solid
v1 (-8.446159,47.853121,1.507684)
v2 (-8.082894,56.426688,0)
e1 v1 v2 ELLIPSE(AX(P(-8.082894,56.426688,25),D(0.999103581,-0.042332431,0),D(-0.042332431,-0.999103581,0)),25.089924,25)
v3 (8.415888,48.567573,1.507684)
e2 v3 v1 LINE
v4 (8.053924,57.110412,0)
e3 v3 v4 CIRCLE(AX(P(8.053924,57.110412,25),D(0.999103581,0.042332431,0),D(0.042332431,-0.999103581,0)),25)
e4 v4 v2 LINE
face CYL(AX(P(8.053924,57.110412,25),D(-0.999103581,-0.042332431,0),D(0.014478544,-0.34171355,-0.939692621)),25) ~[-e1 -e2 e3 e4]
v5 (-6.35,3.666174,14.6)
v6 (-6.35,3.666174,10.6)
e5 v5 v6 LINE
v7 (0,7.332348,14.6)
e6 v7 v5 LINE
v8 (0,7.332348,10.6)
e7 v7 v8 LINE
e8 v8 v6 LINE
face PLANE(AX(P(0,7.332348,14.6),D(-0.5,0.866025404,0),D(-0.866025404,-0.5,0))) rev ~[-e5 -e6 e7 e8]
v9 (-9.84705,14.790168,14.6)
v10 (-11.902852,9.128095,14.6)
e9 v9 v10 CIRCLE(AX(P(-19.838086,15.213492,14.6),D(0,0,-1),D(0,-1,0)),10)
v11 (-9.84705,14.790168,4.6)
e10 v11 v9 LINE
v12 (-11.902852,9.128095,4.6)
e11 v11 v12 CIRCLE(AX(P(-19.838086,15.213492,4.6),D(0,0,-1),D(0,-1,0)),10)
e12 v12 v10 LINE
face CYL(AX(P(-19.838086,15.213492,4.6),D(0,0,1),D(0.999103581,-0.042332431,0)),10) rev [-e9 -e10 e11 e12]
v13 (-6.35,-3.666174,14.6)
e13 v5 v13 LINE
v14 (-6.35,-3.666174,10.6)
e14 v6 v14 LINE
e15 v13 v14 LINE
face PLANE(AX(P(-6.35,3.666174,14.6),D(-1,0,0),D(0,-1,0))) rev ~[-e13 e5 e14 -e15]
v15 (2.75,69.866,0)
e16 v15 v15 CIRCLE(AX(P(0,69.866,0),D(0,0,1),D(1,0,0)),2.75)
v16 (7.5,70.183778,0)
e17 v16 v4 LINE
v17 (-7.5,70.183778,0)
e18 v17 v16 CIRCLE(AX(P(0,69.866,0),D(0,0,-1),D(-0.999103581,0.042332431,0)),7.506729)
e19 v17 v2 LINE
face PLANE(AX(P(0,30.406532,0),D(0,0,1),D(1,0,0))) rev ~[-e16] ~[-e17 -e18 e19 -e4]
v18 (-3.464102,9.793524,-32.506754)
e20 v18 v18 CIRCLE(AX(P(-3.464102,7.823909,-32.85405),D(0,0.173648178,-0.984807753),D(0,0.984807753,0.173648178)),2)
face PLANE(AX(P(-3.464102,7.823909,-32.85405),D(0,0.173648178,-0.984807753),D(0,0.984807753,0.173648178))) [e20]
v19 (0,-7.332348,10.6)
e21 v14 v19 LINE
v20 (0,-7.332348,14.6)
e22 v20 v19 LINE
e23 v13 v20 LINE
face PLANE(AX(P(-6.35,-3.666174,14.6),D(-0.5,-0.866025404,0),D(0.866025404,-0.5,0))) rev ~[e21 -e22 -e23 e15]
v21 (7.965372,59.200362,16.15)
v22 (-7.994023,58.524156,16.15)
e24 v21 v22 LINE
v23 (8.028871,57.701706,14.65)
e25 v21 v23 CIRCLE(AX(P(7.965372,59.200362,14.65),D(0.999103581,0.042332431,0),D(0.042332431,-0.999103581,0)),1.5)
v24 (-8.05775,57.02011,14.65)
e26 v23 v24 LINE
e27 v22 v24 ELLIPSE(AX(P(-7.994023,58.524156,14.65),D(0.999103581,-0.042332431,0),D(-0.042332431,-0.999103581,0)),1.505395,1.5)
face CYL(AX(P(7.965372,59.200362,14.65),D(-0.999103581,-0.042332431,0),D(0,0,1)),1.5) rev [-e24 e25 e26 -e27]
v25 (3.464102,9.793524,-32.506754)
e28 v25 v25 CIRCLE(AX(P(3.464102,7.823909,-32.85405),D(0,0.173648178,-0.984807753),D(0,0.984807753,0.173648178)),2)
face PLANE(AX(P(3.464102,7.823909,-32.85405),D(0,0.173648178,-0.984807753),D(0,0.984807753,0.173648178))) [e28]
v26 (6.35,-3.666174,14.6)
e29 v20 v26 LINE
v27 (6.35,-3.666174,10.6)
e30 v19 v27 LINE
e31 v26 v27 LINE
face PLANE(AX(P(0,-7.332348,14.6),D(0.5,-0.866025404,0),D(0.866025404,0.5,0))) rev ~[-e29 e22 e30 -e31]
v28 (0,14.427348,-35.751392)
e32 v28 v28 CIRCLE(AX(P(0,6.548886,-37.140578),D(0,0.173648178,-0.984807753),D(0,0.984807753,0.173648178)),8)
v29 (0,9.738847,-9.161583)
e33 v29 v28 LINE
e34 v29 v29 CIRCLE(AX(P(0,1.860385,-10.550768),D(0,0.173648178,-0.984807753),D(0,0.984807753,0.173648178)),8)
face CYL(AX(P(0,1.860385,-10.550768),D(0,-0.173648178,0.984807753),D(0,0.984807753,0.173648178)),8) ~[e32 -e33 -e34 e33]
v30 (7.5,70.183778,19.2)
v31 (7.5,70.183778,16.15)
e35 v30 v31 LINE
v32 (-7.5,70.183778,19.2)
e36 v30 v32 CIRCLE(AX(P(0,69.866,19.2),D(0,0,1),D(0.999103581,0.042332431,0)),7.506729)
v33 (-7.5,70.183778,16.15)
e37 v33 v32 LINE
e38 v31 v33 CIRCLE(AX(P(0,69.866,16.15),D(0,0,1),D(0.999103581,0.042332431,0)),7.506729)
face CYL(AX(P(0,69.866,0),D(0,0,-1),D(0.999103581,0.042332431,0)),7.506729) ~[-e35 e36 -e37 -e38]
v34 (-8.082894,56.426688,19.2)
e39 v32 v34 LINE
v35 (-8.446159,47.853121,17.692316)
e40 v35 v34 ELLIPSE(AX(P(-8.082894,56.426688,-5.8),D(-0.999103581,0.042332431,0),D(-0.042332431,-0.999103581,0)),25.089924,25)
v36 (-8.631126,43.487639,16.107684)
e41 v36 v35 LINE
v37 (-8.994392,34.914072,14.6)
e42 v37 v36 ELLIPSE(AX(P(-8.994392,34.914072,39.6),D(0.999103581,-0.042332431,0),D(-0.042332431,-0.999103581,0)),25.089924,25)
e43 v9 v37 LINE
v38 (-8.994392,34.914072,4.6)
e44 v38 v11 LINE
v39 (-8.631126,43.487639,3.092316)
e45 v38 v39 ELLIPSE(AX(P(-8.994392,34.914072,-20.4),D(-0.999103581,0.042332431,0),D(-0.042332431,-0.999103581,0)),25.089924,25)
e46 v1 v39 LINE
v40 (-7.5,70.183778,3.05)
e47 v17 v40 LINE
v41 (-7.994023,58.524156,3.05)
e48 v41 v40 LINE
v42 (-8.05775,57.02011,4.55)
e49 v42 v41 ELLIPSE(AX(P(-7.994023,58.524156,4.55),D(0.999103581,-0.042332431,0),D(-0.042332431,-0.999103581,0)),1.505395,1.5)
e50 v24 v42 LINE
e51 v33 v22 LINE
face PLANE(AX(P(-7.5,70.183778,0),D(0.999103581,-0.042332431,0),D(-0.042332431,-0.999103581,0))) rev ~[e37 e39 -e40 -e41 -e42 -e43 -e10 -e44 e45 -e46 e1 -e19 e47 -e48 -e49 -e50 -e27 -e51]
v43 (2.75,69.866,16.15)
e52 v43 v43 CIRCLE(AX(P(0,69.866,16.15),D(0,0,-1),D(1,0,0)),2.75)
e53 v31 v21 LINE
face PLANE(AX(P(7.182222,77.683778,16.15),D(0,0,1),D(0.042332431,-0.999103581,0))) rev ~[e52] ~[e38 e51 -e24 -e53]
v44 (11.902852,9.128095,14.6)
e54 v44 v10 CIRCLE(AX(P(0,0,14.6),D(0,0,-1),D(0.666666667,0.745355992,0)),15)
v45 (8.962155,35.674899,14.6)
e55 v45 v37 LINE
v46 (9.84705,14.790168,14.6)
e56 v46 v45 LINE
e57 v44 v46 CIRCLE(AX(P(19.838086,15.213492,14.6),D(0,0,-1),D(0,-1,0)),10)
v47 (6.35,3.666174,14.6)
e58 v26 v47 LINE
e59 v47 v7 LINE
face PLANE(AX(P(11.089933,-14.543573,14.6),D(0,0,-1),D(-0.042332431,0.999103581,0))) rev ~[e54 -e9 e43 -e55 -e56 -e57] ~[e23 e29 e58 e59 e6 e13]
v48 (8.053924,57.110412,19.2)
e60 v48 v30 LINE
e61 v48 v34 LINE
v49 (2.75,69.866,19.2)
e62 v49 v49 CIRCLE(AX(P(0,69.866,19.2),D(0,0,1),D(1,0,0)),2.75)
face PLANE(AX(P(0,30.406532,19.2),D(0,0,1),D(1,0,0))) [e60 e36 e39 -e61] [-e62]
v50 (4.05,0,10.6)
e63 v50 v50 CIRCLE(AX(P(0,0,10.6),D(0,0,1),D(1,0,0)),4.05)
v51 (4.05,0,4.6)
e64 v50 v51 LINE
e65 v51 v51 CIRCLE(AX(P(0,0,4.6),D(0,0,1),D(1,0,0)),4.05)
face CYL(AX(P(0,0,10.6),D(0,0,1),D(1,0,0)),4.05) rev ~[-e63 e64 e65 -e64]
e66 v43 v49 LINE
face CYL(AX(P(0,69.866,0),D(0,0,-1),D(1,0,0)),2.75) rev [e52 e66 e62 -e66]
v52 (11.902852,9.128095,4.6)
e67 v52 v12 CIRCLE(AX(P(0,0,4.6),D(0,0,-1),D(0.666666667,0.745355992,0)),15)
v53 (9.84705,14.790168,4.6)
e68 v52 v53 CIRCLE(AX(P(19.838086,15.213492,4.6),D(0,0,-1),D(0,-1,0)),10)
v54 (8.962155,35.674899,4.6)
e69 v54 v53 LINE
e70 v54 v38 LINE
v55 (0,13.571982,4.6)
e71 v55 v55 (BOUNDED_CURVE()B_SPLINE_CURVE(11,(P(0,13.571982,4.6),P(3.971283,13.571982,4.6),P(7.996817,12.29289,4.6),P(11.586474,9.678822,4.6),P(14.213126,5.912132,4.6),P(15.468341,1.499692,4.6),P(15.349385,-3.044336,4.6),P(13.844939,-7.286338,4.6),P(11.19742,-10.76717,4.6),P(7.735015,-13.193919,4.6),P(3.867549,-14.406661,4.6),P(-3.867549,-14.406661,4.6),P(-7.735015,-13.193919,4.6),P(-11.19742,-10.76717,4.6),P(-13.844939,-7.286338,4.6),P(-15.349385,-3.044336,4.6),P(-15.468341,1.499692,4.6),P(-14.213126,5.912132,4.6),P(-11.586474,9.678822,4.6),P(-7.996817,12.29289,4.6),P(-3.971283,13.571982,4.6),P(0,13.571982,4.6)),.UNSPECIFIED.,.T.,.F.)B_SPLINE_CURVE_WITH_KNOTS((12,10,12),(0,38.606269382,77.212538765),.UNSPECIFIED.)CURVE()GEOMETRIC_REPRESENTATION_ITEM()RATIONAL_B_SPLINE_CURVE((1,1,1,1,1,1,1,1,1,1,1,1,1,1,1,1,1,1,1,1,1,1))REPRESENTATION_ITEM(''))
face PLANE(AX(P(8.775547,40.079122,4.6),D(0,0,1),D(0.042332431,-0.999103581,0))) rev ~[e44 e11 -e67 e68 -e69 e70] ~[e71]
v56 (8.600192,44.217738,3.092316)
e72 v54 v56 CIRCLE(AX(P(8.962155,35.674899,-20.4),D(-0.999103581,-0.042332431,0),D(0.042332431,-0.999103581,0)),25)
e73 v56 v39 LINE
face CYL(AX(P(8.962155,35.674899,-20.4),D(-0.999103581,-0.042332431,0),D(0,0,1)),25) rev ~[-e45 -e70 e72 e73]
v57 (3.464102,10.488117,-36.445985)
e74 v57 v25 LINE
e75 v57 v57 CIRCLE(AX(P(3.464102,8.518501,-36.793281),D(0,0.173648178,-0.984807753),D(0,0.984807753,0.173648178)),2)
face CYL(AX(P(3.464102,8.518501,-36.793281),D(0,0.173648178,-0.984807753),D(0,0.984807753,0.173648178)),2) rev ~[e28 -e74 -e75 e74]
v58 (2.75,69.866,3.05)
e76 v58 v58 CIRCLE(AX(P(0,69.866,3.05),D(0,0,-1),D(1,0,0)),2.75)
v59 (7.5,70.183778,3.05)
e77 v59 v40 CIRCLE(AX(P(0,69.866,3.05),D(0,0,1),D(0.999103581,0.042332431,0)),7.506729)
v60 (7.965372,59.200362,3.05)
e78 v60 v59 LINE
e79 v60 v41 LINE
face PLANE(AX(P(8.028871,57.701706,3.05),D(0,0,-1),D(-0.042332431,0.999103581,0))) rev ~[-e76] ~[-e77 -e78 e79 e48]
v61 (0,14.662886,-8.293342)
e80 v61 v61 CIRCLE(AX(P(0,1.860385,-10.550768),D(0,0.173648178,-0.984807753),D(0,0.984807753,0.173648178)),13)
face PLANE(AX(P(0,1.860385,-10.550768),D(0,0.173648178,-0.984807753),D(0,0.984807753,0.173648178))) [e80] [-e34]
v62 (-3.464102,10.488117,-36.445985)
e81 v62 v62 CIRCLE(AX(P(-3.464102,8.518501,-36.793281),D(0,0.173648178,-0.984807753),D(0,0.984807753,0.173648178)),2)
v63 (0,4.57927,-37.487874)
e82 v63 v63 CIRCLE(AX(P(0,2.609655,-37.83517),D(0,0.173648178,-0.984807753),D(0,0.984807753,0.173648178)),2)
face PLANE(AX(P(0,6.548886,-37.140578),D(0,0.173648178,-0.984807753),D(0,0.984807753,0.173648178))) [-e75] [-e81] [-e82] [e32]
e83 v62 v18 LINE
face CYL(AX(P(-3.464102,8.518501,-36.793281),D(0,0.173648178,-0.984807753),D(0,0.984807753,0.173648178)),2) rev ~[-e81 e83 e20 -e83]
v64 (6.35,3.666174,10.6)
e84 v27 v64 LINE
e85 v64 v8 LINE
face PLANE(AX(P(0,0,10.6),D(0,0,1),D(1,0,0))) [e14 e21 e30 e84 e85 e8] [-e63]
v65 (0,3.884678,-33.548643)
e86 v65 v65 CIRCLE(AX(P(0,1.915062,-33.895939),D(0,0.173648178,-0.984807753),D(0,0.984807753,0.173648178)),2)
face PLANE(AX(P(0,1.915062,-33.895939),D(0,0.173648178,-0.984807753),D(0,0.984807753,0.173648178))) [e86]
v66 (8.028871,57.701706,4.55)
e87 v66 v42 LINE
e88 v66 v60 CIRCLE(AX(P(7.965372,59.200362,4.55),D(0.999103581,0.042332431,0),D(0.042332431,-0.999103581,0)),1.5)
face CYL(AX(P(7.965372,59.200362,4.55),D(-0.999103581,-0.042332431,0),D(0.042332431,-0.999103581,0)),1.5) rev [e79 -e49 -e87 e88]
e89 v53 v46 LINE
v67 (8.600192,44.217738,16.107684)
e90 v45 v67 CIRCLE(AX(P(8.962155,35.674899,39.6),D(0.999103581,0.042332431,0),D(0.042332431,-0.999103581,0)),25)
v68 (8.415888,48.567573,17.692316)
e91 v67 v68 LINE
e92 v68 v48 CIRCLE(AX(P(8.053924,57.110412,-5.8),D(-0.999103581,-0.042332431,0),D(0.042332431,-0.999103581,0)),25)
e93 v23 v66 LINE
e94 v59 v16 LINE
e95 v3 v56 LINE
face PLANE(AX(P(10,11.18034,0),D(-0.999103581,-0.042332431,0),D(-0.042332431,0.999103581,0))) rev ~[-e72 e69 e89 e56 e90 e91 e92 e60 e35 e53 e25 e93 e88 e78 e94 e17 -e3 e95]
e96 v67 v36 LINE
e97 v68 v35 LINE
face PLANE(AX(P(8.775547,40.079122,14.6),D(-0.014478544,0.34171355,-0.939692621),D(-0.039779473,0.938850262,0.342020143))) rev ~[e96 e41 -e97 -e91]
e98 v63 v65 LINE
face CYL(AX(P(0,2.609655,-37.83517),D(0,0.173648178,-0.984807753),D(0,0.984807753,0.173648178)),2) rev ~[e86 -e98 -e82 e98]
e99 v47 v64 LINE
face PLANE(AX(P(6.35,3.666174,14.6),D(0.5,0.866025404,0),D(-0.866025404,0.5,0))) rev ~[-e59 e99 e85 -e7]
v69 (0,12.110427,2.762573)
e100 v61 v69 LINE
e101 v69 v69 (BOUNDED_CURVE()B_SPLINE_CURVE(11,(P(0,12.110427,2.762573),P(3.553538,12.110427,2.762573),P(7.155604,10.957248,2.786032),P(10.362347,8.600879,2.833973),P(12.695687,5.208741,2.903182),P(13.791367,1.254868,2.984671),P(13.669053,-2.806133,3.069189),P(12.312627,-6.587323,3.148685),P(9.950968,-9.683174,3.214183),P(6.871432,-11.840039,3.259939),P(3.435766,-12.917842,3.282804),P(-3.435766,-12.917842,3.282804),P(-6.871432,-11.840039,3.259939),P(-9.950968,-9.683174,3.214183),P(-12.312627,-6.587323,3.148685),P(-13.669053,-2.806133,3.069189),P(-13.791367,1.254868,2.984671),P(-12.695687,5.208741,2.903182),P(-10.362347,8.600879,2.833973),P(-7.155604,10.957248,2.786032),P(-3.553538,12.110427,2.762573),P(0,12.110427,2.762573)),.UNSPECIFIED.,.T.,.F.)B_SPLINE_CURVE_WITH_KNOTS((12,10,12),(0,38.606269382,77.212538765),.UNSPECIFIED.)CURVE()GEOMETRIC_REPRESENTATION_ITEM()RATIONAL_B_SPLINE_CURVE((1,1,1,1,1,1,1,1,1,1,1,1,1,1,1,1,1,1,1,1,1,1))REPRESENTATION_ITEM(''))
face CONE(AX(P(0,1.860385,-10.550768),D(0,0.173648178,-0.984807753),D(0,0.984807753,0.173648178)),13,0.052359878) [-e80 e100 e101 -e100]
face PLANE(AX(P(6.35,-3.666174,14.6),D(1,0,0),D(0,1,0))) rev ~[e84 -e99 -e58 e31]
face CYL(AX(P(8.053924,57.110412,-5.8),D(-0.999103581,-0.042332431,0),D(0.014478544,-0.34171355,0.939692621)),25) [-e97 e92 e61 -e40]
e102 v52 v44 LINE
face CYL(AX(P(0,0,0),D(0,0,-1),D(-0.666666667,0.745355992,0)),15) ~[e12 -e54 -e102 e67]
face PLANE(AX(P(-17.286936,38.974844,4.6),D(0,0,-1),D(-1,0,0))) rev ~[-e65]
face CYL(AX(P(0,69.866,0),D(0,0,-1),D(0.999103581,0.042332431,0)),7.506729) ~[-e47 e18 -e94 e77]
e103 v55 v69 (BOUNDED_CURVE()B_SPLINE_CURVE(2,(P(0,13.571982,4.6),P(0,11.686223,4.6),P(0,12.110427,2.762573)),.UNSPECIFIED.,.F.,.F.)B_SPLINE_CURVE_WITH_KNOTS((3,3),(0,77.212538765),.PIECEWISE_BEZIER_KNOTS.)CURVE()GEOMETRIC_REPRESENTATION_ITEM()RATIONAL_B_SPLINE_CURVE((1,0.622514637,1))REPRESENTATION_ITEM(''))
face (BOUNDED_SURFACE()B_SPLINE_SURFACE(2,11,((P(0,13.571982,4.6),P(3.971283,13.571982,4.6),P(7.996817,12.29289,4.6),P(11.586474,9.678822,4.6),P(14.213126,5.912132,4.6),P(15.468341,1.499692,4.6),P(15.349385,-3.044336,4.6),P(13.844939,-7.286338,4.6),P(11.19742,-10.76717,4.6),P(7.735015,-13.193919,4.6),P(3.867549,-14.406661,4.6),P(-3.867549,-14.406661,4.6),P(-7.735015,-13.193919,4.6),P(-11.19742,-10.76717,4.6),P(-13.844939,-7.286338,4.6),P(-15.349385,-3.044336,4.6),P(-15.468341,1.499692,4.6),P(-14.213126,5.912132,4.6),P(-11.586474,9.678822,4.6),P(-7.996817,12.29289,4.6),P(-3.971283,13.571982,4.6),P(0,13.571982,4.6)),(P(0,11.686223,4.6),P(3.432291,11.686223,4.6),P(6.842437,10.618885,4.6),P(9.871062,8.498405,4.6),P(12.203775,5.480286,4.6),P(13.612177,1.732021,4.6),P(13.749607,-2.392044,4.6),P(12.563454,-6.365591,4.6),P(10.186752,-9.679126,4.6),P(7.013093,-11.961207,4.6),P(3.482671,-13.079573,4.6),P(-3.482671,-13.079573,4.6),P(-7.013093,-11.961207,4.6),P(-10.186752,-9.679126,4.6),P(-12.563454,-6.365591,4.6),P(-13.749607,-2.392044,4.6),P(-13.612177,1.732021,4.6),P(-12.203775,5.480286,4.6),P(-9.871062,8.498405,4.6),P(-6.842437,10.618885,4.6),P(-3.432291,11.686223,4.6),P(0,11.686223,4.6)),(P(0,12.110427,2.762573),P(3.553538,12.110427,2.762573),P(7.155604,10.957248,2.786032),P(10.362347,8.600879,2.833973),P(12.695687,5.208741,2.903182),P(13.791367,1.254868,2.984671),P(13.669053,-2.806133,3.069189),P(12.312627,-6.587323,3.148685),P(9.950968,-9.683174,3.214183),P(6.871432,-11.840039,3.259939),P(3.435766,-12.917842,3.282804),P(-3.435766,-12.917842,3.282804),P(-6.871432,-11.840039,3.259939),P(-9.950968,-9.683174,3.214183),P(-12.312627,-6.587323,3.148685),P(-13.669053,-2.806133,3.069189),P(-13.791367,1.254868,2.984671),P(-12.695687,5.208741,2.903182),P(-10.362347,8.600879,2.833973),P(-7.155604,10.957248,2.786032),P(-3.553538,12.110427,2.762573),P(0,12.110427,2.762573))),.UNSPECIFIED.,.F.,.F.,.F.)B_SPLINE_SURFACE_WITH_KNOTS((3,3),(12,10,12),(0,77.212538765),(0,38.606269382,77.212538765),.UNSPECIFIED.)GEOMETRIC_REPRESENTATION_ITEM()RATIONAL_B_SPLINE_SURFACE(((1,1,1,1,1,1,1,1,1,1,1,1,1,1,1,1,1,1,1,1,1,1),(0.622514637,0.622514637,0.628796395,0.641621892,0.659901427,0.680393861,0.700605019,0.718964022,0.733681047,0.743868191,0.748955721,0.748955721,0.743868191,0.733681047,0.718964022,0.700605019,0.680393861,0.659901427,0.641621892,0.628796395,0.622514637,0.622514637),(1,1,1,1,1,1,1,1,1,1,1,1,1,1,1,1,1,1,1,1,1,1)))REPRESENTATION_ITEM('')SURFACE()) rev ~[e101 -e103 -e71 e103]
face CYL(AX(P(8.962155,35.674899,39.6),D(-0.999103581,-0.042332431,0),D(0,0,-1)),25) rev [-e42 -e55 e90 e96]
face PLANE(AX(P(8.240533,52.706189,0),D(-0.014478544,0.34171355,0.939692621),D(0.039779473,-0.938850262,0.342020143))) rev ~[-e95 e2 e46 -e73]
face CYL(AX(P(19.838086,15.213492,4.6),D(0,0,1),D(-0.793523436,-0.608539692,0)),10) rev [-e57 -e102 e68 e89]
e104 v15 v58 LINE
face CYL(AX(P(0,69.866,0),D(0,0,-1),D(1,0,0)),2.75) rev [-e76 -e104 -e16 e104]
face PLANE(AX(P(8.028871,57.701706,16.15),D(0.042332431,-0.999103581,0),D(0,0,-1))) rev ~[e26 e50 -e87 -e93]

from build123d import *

# Parameters (mm, degrees)
SKETCH1_R               = 2.75
BOSS_EXTRUDE1_DEPTH     = 19.2
SKETCH13_OUTSIDE_W      = 41
SKETCH13_OUTSIDE_H      = 115.36
CUT_EXTRUDE4_DEPTH      = 84.275329734
CUT_EXTRUDE4_DEPTH_BACK = 84.275329734
CUT_EXTRUDE2_DEPTH      = 4
SKETCH4_R               = 4.05
CUT_EXTRUDE3_DEPTH      = 20
FILLET4_R               = 10
BOSS_EXTRUDE2_REACH     = 83.7
SKETCH9_R               = 13
SKETCH10_R              = 8
BOSS_EXTRUDE3_DEPTH     = 27
DRAFT1_ANGLE            = -3
FILLET5_R               = 25
SKETCH14_R              = 2
CUT_EXTRUDE5_DEPTH      = 4
FILLET6_R               = 1.5


with BuildPart() as part:
    # Sketch1 → Boss-Extrude1 (new body)
    with BuildSketch(Plane.XY):
        with BuildLine():
            Line((-7.5, 70.183778092), (-10, 11.180339887))
            ThreePointArc((-10, 11.180339887), (0, -15), (10, 11.180339887))
            Line((10, 11.180339887), (7.5, 70.183778092))
            ThreePointArc((7.5, 70.183778092), (0, 77.372729176), (-7.5, 70.183778092))
        make_face()
        with Locations((0, 69.866)):
            Circle(SKETCH1_R, mode=Mode.SUBTRACT)
    extrude(amount=BOSS_EXTRUDE1_DEPTH)

    # Sketch13 outside → Cut-Extrude4 (cut, two sides)
    with BuildSketch(Plane(origin=(10.454946348, 0.442980387, 0), x_dir=(0, 0, -1), z_dir=(0.9991035808766652, 0.042332430587259585, 0))) as cut_extrude4_sk:
        with Locations((-9.6, 31.158)):
            Rectangle(SKETCH13_OUTSIDE_W, SKETCH13_OUTSIDE_H)
        Polygon((-16.15, 77.310099957), (-16.15, 57.310099957), (-3.05, 57.310099957), (-3.05, 77.310099957), (0, 77.310099957), (0, 52.310099957), (-4.6, 39.671703828), (-4.6, -15), (-14.6, -15), (-14.6, 39.671703828), (-19.2, 52.310099957), (-19.2, 77.310099957), align=None, mode=Mode.SUBTRACT)
    extrude(amount=CUT_EXTRUDE4_DEPTH, mode=Mode.SUBTRACT)
    extrude(cut_extrude4_sk.sketch, amount=-CUT_EXTRUDE4_DEPTH_BACK, mode=Mode.SUBTRACT)

    # Sketch3 → Cut-Extrude2 (cut)
    with BuildSketch(Plane.XY.offset(14.6)):
        Polygon((0, 7.332348419), (-6.35, 3.666174209), (-6.35, -3.666174209), (0, -7.332348419), (6.35, -3.666174209), (6.35, 3.666174209), align=None)
    extrude(amount=-CUT_EXTRUDE2_DEPTH, mode=Mode.SUBTRACT)

    # Sketch4 → Cut-Extrude3 (cut)
    with BuildSketch(Plane.XY.offset(10.6)):
        Circle(SKETCH4_R)
    extrude(amount=-CUT_EXTRUDE3_DEPTH, mode=Mode.SUBTRACT)

    # Fillet4
    fillet4_edges = [part.edges().sort_by_distance(p)[0] for p in [
        (10, 11.180339887, 9.6),
        (-10, 11.180339887, 9.6),
    ]]
    fillet(fillet4_edges, radius=FILLET4_R)

    # Boss-Extrude2: up to this plane
    boss_extrude2_end = Plane(origin=(-17.286936373, 38.974843589, 4.6), z_dir=(0, 0, -1))
    # Sketch9 → Boss-Extrude2 (add, up to the surface)
    with BuildSketch(Plane(origin=(0, 2.715435503, -10.4), x_dir=(-1, 0, 0), z_dir=(0, 0.17364817766692367, -0.9848077530122092)), mode=Mode.PRIVATE) as boss_extrude2_sk1:
        with Locations(Location((0, -0.868240888, 0), (0, 0, 90))):
            Circle(SKETCH9_R)
    boss_extrude2_tool1 = split(extrude(boss_extrude2_sk1.sketch, amount=-BOSS_EXTRUDE2_REACH, mode=Mode.PRIVATE), bisect_by=boss_extrude2_end, keep=Keep.BOTH, mode=Mode.PRIVATE)
    add(boss_extrude2_tool1.solids().sort_by_distance((0, 1.860385, -10.550768))[0])

    # Sketch10 → Boss-Extrude3 (add)
    with BuildSketch(Plane(origin=(0, 1.860385145, -10.550768448), x_dir=(-1, 0, 0), z_dir=(0, 0.17364817766692367, -0.9848077530122092))):
        with Locations(Location((0, 0, 0), (0, 0, 90))):
            Circle(SKETCH10_R)
    extrude(amount=BOSS_EXTRUDE3_DEPTH)

    # Draft1
    draft1_faces = [part.faces().sort_by_distance(p)[0] for p in [
        (0, -12.485127219, -4.05734127),
    ]]
    draft(draft1_faces, Plane(origin=(0, 1.860385145, -10.550768448), x_dir=(0, -0.9848077530122092, -0.17364817766692367), z_dir=(0, 0.17364817766692367, -0.9848077530122092)), DRAFT1_ANGLE)

    # Fillet5
    fillet5_edges = [part.edges().sort_by_distance(p)[0] for p in [
        (-0.01578265, 39.706629492, 4.6),
        (-0.01578265, 39.706629492, 14.6),
        (-0.014820438, 52.356405855, 19.2),
        (-0.014820438, 52.356405855, 0),
    ]]
    fillet(fillet5_edges, radius=FILLET5_R)

    # Sketch14 → Cut-Extrude5 (cut)
    with BuildSketch(Plane(origin=(0, 6.548885942, -37.140577779), x_dir=(-1, 0, 0), z_dir=(0, 0.17364817766692367, -0.9848077530122092))):
        with Locations(Location((-3.464101615, 2, 0), (0, 0, 90))):
            Circle(SKETCH14_R)
        with Locations(Location((3.464101615, 2, 0), (0, 0, 90))):
            Circle(SKETCH14_R)
        with Locations(Location((0, -4, 0), (0, 0, 90))):
            Circle(SKETCH14_R)
    extrude(amount=-CUT_EXTRUDE5_DEPTH, mode=Mode.SUBTRACT)

    # Fillet6
    fillet6_edges = [part.edges().sort_by_distance(p)[0] for p in [
        (-9.82e-07, -13.079573194, 4.6),
        (-0.014439768, 57.360908102, 3.05),
        (-0.014439768, 57.360908102, 16.15),
    ]]
    fillet(fillet6_edges, radius=FILLET6_R)


solid = part.part
